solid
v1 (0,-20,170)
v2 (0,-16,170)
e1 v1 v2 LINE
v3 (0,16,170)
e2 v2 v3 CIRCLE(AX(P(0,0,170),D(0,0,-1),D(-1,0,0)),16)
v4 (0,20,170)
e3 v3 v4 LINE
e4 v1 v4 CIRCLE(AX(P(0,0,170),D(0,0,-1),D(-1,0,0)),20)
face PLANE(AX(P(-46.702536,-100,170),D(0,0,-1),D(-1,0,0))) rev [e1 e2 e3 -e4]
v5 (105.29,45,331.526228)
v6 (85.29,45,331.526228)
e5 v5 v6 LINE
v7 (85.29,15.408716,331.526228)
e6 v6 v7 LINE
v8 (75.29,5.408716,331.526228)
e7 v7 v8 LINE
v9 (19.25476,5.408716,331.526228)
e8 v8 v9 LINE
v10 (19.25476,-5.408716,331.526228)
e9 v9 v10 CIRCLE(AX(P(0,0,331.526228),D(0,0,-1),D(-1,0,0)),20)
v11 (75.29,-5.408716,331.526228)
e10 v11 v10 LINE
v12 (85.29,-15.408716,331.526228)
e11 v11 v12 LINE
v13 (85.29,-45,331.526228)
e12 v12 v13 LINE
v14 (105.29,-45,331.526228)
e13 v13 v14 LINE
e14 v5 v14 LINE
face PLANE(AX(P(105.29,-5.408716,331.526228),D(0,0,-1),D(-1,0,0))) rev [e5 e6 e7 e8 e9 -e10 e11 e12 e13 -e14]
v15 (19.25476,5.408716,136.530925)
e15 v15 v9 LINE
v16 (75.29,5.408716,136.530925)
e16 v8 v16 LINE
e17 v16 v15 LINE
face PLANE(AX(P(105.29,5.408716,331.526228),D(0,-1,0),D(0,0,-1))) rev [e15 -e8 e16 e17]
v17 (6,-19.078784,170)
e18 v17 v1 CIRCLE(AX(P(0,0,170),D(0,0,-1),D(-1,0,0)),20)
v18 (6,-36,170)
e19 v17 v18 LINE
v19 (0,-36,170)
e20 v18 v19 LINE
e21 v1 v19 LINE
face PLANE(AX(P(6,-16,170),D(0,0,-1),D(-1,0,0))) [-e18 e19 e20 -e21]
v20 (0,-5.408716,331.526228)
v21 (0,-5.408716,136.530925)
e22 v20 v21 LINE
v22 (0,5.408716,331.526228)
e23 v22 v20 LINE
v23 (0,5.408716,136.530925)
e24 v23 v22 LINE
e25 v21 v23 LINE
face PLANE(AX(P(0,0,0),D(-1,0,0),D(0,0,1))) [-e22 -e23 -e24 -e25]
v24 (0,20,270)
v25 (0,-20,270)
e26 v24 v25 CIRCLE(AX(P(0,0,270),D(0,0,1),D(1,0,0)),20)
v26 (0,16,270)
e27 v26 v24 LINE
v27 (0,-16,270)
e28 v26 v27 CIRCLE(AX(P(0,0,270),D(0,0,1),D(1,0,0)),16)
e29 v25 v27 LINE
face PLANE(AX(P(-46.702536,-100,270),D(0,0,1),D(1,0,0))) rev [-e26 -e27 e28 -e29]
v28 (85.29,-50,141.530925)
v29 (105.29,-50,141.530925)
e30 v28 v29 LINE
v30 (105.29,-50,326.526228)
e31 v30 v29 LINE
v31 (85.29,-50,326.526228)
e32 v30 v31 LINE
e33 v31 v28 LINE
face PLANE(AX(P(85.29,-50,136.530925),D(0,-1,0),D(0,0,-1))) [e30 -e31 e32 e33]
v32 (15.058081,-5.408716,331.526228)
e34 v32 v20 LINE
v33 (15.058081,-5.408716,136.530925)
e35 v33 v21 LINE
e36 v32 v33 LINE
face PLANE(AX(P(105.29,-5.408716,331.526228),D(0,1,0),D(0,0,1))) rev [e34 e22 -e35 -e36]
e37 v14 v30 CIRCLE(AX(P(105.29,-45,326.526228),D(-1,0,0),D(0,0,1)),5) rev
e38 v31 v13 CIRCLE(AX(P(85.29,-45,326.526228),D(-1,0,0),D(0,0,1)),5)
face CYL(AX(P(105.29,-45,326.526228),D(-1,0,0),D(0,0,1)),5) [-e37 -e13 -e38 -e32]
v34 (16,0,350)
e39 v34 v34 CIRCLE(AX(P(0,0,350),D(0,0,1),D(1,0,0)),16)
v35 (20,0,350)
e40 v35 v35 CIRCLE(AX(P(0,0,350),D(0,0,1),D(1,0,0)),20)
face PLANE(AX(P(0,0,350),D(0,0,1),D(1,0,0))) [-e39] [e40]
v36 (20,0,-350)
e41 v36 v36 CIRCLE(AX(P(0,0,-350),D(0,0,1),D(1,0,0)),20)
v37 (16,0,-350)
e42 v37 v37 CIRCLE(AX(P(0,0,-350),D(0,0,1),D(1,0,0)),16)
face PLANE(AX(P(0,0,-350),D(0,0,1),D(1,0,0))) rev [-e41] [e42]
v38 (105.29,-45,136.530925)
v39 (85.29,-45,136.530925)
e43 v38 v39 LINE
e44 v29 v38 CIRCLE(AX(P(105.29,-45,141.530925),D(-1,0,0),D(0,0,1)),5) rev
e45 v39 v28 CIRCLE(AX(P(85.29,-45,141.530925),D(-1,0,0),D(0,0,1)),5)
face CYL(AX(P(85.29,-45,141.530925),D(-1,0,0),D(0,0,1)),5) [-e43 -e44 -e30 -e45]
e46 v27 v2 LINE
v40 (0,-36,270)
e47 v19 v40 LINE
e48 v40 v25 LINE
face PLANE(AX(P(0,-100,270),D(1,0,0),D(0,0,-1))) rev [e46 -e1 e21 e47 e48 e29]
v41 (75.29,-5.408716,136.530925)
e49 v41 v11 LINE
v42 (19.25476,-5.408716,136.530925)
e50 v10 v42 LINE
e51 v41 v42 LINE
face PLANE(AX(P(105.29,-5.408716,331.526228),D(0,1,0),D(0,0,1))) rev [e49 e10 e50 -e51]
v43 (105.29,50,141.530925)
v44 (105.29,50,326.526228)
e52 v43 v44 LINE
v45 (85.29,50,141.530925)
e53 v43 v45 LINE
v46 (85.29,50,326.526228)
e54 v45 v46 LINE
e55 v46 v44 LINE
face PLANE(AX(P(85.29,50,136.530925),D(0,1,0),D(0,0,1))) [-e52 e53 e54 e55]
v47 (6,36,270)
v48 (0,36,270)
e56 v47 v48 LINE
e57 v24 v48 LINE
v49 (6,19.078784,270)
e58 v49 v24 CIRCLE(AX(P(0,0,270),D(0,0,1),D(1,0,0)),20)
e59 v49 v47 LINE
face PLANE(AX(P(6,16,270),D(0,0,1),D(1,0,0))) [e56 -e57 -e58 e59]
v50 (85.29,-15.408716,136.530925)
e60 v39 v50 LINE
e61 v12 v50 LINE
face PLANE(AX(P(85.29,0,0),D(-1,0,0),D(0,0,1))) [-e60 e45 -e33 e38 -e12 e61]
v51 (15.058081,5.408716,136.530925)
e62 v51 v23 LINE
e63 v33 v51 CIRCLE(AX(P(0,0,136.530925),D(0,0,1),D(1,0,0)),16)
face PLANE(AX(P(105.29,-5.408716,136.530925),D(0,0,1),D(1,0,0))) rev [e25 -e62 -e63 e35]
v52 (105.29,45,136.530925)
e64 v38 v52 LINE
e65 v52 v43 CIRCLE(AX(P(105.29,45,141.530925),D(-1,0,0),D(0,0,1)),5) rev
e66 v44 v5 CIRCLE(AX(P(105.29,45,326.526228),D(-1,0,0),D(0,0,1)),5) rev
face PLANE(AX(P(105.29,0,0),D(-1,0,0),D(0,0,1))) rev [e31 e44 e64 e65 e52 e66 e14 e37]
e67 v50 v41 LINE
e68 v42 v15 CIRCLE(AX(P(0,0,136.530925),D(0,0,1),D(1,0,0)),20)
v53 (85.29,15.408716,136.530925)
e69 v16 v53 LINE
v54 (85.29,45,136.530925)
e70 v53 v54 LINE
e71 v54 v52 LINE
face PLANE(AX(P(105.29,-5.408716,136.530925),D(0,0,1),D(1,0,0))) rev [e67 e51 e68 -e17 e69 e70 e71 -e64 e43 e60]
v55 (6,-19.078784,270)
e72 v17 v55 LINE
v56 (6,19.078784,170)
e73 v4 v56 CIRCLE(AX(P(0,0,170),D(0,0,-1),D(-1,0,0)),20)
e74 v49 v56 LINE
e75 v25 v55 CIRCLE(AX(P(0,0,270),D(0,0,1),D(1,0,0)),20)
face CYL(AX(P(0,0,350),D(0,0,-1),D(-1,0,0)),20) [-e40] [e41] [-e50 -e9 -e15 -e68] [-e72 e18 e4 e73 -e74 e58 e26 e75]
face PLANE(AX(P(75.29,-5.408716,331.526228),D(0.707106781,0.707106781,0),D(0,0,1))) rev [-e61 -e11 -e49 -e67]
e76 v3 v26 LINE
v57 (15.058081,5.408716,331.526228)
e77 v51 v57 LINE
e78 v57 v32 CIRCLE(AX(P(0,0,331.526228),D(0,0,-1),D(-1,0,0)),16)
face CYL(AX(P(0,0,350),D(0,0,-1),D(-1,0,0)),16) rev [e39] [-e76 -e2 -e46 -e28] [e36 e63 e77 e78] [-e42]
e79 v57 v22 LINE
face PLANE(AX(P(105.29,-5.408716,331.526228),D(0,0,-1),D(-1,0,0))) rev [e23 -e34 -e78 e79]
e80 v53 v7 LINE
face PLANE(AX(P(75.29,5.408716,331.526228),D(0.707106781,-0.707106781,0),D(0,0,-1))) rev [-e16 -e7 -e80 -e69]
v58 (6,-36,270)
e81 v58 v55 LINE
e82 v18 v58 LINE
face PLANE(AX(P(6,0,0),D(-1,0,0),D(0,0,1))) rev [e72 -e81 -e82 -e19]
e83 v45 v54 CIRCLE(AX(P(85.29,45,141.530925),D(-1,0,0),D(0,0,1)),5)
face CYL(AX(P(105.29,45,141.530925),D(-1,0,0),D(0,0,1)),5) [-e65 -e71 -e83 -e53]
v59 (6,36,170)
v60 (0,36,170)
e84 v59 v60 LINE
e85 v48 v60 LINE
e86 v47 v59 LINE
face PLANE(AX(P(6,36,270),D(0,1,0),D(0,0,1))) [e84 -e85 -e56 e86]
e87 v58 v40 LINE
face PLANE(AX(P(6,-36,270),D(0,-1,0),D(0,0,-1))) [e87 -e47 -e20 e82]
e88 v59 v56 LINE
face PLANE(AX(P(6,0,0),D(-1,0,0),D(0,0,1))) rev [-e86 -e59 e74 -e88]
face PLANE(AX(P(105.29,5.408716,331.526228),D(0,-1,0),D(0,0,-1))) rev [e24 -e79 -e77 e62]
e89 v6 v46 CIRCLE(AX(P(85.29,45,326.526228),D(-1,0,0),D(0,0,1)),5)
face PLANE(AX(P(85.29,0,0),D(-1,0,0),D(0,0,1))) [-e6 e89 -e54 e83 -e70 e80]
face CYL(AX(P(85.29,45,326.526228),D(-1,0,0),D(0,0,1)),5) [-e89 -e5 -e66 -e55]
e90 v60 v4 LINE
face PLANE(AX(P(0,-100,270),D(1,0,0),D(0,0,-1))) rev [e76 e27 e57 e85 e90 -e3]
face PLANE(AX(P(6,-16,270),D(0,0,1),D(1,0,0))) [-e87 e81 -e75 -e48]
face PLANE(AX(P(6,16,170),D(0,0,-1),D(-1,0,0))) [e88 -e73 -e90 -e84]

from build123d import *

# Parameters (mm, degrees)
SKETCH1_R           = 20
SKETCH1_R_2         = 16
BOSS_EXTRUDE1_DEPTH = 350
SKETCH2_W           = 46.702536181
SKETCH2_H           = 100
CUT_EXTRUDE1_DEPTH  = 100
SKETCH3_W           = 194.995303171
SKETCH3_H           = 10.817431772
BOSS_EXTRUDE2_DEPTH = 105.29
SKETCH4_W           = 194.995303171
SKETCH4_H           = 100
BOSS_EXTRUDE3_DEPTH = 20
CHAMFER1_SIZE       = 10
FILLET1_R           = 5
SKETCH5_W           = 100
SKETCH5_H           = 20
BOSS_EXTRUDE4_DEPTH = 6


with BuildPart() as part:
    # Sketch1 → Boss-Extrude1 (new, symmetric)
    with BuildSketch(Plane.XY):
        Circle(SKETCH1_R)
        Circle(SKETCH1_R_2, mode=Mode.SUBTRACT)
    extrude(amount=BOSS_EXTRUDE1_DEPTH, both=True)

    # Sketch2 → Cut-Extrude1 (cut, symmetric)
    with BuildSketch(Plane(origin=(0, 0, 0), x_dir=(1, 0, 0), z_dir=(0, 1, 0))):
        with Locations((-23.351268091, -220)):
            Rectangle(SKETCH2_W, SKETCH2_H)
    extrude(amount=CUT_EXTRUDE1_DEPTH, both=True, mode=Mode.SUBTRACT)

    # Sketch3 → Boss-Extrude2 (add)
    with BuildSketch(Plane(origin=(0, 0, 0), x_dir=(0, 0, -1), z_dir=(1, 0, 0))):
        with Locations((-234.028576152, 0)):
            Rectangle(SKETCH3_W, SKETCH3_H)
    extrude(amount=BOSS_EXTRUDE2_DEPTH)

    # Sketch4 → Boss-Extrude3 (add)
    with BuildSketch(Plane(origin=(105.29, 0, 0), x_dir=(0, 0, -1), z_dir=(1, 0, 0))):
        with Locations((-234.028576152, 0)):
            Rectangle(SKETCH4_W, SKETCH4_H)
    extrude(amount=-BOSS_EXTRUDE3_DEPTH)

    # Chamfer1
    chamfer1_edges = [part.edges().sort_by_distance(p)[0] for p in [
        (85.29, -5.408715886, 234.028576151),
        (85.29, 5.408715886, 234.028576151),
    ]]
    chamfer(chamfer1_edges, length=CHAMFER1_SIZE)

    # Fillet1
    fillet1_edges = [part.edges().sort_by_distance(p)[0] for p in [
        (95.29, 50, 136.530924566),
        (95.29, -50, 331.526227737),
        (95.29, -50, 136.530924566),
        (95.29, 50, 331.526227737),
    ]]
    fillet(fillet1_edges, radius=FILLET1_R)

    # Sketch5 → Boss-Extrude4 (add)
    with BuildSketch(Plane.ZY):
        with Locations((220, 26)):
            Rectangle(SKETCH5_W, SKETCH5_H)
        with Locations((220, -26)):
            Rectangle(SKETCH5_W, SKETCH5_H)
    extrude(amount=-BOSS_EXTRUDE4_DEPTH)


solid = part.part
